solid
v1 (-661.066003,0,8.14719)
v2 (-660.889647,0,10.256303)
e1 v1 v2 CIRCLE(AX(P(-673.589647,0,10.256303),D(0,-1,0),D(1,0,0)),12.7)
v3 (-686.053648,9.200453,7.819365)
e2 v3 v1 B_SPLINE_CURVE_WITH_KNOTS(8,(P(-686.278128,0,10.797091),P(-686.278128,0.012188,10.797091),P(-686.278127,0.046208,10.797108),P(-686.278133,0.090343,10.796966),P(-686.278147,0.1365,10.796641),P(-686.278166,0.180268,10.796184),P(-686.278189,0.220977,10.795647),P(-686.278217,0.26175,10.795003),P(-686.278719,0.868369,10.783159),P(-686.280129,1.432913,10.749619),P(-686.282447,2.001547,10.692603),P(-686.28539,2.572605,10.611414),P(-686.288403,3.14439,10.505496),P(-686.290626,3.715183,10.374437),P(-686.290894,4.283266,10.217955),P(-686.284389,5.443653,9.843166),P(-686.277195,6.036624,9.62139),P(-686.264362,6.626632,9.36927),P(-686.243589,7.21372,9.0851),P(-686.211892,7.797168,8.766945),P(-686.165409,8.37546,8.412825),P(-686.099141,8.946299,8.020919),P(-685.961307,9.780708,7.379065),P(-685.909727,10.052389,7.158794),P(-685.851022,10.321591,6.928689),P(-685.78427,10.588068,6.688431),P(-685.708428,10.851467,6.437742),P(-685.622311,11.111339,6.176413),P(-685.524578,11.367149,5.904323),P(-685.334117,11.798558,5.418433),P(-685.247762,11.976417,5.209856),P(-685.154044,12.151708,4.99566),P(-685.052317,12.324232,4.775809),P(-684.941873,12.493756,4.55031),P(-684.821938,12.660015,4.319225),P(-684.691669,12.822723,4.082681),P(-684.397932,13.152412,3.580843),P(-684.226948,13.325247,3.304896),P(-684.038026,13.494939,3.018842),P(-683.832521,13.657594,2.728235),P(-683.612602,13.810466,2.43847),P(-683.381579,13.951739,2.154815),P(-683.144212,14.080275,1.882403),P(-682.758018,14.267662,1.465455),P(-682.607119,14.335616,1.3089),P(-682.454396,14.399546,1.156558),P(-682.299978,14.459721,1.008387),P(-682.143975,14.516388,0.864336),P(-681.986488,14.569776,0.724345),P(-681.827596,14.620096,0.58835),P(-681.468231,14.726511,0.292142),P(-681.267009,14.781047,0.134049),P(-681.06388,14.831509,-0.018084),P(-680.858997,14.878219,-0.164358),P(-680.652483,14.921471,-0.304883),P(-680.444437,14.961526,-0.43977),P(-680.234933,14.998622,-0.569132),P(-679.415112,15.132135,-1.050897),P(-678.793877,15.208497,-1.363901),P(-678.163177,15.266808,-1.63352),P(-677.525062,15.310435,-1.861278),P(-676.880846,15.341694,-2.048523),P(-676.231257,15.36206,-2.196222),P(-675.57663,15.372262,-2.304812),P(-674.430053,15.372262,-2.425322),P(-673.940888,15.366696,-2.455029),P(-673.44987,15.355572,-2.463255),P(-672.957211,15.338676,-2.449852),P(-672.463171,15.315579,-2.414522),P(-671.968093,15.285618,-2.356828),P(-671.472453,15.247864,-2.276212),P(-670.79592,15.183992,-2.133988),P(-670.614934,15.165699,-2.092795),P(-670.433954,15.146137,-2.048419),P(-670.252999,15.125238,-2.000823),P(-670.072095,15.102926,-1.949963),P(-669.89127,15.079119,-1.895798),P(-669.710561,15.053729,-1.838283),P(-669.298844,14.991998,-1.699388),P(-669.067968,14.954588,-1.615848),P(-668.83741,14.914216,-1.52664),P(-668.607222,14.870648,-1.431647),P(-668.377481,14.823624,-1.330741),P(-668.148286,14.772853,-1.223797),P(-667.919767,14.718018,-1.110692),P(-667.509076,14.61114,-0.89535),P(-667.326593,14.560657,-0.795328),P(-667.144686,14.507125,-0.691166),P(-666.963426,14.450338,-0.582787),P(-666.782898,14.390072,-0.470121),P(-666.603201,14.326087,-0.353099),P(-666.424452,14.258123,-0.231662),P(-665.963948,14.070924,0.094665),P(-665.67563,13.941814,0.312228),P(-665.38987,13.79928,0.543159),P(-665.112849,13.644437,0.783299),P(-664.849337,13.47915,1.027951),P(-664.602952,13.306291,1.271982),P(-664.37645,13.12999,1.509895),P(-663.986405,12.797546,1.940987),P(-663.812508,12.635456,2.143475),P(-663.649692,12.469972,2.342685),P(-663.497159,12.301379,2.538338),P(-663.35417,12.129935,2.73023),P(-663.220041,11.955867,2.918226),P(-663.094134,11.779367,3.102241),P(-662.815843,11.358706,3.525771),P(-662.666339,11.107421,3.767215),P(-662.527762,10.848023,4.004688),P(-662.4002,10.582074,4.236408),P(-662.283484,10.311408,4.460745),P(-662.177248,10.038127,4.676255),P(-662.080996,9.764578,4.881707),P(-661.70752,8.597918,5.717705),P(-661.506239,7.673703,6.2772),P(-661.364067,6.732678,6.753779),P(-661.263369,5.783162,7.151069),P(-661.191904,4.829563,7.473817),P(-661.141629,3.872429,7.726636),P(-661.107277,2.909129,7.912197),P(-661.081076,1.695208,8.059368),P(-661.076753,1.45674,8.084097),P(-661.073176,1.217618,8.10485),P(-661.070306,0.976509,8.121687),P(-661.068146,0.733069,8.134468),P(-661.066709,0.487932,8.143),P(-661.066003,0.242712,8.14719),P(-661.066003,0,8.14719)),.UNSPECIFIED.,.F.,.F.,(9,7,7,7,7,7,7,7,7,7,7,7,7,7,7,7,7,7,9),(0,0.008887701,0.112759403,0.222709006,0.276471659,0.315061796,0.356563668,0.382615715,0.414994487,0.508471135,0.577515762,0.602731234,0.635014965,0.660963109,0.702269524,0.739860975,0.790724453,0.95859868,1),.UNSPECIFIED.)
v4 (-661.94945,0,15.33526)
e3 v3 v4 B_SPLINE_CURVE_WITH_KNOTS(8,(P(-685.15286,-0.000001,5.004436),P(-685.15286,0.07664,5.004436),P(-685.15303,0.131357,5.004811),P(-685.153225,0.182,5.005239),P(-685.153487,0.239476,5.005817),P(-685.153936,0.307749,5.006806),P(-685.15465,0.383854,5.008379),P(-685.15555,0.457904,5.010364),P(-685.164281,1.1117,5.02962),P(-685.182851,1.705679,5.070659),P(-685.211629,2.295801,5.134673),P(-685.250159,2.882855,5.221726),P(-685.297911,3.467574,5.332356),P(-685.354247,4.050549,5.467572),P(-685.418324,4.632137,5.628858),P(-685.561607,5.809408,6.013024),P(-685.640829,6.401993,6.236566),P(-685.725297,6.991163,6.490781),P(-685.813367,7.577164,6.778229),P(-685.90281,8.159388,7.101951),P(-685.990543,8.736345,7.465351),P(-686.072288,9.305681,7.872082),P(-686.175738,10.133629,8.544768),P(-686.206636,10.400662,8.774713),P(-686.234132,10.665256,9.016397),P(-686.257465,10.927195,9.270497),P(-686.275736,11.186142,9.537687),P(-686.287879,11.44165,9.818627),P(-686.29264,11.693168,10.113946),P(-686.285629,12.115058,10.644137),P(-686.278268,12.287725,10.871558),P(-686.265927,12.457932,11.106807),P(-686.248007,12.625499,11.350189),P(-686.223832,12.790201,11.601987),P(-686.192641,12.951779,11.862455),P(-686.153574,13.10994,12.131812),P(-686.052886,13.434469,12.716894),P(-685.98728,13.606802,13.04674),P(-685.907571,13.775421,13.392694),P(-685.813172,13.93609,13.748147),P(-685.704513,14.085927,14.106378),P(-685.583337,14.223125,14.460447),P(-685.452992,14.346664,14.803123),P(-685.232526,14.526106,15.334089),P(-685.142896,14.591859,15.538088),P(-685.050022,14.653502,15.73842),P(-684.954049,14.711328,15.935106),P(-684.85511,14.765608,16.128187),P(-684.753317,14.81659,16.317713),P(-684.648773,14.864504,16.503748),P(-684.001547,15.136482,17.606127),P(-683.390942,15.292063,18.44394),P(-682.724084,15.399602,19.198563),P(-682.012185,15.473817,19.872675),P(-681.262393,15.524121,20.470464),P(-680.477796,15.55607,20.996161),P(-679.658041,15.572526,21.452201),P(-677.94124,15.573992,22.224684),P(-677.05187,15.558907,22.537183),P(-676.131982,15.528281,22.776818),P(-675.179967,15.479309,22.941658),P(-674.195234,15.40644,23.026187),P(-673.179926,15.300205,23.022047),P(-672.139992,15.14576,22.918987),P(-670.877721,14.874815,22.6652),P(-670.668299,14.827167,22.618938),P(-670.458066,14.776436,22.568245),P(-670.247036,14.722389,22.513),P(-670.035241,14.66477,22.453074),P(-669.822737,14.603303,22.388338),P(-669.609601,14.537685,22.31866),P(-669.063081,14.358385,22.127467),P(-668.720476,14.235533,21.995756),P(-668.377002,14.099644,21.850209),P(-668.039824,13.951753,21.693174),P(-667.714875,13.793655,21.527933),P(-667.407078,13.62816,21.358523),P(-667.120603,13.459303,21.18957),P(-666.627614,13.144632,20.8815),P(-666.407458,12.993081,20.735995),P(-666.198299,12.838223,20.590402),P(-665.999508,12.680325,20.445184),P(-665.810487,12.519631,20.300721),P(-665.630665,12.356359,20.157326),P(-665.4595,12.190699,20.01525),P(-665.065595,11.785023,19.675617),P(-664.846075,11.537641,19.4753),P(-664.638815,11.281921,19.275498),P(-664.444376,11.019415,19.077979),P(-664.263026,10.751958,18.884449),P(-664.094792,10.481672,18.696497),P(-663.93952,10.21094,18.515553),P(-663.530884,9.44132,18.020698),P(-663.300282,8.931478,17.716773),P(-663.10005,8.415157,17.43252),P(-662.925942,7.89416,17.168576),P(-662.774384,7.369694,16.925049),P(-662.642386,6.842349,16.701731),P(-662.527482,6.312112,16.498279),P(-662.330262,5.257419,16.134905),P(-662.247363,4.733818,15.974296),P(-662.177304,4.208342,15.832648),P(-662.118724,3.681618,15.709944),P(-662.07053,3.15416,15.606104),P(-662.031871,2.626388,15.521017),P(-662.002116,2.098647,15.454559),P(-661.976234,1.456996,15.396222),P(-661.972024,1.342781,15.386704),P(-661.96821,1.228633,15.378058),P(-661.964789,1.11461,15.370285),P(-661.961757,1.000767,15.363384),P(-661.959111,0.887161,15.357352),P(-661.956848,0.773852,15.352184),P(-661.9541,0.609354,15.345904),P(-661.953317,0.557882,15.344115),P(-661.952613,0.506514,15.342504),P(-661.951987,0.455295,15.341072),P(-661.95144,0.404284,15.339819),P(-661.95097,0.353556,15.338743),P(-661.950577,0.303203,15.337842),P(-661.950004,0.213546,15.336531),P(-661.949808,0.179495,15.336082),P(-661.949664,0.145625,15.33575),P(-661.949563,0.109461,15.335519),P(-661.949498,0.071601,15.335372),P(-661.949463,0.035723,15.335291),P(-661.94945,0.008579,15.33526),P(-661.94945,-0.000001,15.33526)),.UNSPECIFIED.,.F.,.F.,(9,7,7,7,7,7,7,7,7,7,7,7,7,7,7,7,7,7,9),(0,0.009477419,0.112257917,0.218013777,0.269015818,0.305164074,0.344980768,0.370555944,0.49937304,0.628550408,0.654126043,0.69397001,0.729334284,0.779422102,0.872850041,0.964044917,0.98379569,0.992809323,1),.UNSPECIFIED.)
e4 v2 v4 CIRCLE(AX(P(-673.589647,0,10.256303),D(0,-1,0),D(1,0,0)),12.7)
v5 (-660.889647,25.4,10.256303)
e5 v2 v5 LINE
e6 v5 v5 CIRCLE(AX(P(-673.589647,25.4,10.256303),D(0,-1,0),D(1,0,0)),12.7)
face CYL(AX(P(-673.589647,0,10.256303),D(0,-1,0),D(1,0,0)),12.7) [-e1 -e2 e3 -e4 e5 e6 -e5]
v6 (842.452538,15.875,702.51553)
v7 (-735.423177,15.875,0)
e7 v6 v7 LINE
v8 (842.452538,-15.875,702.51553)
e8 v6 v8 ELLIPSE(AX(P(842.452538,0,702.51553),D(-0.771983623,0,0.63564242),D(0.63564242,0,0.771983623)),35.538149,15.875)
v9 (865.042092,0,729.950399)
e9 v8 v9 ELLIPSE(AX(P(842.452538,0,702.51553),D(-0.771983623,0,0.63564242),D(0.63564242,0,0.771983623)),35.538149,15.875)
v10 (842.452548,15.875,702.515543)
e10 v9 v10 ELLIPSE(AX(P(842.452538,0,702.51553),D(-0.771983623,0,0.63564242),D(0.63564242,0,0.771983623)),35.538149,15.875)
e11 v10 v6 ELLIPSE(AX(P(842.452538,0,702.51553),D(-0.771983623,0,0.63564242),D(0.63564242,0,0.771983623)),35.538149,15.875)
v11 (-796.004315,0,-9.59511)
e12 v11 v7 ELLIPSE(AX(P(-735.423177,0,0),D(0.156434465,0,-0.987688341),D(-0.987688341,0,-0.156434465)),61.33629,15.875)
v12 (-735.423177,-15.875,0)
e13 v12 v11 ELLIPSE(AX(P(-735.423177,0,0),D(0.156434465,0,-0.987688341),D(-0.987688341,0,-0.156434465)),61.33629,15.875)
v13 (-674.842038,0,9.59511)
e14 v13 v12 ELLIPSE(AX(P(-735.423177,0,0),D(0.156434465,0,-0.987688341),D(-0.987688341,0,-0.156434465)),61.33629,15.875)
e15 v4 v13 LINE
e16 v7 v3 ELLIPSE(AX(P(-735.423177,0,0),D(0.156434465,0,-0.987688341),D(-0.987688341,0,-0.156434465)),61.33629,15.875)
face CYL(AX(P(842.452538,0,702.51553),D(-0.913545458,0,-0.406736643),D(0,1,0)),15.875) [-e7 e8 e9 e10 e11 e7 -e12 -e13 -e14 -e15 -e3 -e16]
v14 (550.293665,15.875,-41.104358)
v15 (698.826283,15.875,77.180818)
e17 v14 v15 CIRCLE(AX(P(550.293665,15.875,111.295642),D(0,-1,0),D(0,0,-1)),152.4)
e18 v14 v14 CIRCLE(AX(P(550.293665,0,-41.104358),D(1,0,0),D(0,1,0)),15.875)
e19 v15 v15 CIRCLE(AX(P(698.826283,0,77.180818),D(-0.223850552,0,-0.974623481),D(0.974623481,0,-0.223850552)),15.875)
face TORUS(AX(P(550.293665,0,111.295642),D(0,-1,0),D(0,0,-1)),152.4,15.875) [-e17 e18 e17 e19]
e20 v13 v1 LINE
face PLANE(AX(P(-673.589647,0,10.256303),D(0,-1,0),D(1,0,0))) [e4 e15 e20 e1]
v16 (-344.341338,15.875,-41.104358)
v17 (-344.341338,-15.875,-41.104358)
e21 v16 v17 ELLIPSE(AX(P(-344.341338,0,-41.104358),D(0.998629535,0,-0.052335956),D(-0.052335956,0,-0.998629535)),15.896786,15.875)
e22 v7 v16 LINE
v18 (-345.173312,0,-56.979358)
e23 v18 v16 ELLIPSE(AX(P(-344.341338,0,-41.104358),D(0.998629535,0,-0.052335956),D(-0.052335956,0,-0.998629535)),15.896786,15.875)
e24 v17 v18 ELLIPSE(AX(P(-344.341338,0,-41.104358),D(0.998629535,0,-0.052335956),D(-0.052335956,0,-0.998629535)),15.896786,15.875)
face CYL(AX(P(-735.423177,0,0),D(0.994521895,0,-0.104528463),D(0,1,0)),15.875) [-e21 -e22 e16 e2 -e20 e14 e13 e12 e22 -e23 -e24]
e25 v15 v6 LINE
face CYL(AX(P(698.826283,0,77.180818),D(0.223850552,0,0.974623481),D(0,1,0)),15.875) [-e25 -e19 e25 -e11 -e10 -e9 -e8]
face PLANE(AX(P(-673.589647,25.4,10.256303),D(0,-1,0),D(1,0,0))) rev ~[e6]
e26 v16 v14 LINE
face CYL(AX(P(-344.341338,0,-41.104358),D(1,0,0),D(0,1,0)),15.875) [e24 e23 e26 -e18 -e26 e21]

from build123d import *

# Parameters (mm, degrees)
F1_R     = 15.875
F3_R     = 12.7
F4_DEPTH = 25.4


with BuildPart() as f2:
    # F2: sweep along a path in F0
    with BuildLine(Plane.XZ) as f2_path:
        Line((-344.3413384318, -41.1043575529), (550.2936645415, -41.1043575529))
        ThreePointArc((550.2936645415, -41.1043575529), (645.2322257553, -7.9202524438), (698.826283108, 77.1808183703))
        Line((698.826283108, 77.1808183703), (842.452537594, 702.5155299205))
        Line((842.452537594, 702.5155299205), (-735.4231768463, 0))
        Line((-735.4231768463, 0), (-344.3413384318, -41.1043575529))
    # F1 (on Right) → F2 (sweep)
    with BuildSketch(Plane.YZ):
        with Locations((0, -41.1043575529)):
            Circle(F1_R)
    sweep(path=f2_path.line, transition=Transition.RIGHT)

    # F3 (on Front) → F4 (join)
    with BuildSketch(Plane.XZ):
        with Locations((-673.5896468163, 10.256302543)):
            Circle(F3_R)
    extrude(amount=-F4_DEPTH)


solid = f2.part
